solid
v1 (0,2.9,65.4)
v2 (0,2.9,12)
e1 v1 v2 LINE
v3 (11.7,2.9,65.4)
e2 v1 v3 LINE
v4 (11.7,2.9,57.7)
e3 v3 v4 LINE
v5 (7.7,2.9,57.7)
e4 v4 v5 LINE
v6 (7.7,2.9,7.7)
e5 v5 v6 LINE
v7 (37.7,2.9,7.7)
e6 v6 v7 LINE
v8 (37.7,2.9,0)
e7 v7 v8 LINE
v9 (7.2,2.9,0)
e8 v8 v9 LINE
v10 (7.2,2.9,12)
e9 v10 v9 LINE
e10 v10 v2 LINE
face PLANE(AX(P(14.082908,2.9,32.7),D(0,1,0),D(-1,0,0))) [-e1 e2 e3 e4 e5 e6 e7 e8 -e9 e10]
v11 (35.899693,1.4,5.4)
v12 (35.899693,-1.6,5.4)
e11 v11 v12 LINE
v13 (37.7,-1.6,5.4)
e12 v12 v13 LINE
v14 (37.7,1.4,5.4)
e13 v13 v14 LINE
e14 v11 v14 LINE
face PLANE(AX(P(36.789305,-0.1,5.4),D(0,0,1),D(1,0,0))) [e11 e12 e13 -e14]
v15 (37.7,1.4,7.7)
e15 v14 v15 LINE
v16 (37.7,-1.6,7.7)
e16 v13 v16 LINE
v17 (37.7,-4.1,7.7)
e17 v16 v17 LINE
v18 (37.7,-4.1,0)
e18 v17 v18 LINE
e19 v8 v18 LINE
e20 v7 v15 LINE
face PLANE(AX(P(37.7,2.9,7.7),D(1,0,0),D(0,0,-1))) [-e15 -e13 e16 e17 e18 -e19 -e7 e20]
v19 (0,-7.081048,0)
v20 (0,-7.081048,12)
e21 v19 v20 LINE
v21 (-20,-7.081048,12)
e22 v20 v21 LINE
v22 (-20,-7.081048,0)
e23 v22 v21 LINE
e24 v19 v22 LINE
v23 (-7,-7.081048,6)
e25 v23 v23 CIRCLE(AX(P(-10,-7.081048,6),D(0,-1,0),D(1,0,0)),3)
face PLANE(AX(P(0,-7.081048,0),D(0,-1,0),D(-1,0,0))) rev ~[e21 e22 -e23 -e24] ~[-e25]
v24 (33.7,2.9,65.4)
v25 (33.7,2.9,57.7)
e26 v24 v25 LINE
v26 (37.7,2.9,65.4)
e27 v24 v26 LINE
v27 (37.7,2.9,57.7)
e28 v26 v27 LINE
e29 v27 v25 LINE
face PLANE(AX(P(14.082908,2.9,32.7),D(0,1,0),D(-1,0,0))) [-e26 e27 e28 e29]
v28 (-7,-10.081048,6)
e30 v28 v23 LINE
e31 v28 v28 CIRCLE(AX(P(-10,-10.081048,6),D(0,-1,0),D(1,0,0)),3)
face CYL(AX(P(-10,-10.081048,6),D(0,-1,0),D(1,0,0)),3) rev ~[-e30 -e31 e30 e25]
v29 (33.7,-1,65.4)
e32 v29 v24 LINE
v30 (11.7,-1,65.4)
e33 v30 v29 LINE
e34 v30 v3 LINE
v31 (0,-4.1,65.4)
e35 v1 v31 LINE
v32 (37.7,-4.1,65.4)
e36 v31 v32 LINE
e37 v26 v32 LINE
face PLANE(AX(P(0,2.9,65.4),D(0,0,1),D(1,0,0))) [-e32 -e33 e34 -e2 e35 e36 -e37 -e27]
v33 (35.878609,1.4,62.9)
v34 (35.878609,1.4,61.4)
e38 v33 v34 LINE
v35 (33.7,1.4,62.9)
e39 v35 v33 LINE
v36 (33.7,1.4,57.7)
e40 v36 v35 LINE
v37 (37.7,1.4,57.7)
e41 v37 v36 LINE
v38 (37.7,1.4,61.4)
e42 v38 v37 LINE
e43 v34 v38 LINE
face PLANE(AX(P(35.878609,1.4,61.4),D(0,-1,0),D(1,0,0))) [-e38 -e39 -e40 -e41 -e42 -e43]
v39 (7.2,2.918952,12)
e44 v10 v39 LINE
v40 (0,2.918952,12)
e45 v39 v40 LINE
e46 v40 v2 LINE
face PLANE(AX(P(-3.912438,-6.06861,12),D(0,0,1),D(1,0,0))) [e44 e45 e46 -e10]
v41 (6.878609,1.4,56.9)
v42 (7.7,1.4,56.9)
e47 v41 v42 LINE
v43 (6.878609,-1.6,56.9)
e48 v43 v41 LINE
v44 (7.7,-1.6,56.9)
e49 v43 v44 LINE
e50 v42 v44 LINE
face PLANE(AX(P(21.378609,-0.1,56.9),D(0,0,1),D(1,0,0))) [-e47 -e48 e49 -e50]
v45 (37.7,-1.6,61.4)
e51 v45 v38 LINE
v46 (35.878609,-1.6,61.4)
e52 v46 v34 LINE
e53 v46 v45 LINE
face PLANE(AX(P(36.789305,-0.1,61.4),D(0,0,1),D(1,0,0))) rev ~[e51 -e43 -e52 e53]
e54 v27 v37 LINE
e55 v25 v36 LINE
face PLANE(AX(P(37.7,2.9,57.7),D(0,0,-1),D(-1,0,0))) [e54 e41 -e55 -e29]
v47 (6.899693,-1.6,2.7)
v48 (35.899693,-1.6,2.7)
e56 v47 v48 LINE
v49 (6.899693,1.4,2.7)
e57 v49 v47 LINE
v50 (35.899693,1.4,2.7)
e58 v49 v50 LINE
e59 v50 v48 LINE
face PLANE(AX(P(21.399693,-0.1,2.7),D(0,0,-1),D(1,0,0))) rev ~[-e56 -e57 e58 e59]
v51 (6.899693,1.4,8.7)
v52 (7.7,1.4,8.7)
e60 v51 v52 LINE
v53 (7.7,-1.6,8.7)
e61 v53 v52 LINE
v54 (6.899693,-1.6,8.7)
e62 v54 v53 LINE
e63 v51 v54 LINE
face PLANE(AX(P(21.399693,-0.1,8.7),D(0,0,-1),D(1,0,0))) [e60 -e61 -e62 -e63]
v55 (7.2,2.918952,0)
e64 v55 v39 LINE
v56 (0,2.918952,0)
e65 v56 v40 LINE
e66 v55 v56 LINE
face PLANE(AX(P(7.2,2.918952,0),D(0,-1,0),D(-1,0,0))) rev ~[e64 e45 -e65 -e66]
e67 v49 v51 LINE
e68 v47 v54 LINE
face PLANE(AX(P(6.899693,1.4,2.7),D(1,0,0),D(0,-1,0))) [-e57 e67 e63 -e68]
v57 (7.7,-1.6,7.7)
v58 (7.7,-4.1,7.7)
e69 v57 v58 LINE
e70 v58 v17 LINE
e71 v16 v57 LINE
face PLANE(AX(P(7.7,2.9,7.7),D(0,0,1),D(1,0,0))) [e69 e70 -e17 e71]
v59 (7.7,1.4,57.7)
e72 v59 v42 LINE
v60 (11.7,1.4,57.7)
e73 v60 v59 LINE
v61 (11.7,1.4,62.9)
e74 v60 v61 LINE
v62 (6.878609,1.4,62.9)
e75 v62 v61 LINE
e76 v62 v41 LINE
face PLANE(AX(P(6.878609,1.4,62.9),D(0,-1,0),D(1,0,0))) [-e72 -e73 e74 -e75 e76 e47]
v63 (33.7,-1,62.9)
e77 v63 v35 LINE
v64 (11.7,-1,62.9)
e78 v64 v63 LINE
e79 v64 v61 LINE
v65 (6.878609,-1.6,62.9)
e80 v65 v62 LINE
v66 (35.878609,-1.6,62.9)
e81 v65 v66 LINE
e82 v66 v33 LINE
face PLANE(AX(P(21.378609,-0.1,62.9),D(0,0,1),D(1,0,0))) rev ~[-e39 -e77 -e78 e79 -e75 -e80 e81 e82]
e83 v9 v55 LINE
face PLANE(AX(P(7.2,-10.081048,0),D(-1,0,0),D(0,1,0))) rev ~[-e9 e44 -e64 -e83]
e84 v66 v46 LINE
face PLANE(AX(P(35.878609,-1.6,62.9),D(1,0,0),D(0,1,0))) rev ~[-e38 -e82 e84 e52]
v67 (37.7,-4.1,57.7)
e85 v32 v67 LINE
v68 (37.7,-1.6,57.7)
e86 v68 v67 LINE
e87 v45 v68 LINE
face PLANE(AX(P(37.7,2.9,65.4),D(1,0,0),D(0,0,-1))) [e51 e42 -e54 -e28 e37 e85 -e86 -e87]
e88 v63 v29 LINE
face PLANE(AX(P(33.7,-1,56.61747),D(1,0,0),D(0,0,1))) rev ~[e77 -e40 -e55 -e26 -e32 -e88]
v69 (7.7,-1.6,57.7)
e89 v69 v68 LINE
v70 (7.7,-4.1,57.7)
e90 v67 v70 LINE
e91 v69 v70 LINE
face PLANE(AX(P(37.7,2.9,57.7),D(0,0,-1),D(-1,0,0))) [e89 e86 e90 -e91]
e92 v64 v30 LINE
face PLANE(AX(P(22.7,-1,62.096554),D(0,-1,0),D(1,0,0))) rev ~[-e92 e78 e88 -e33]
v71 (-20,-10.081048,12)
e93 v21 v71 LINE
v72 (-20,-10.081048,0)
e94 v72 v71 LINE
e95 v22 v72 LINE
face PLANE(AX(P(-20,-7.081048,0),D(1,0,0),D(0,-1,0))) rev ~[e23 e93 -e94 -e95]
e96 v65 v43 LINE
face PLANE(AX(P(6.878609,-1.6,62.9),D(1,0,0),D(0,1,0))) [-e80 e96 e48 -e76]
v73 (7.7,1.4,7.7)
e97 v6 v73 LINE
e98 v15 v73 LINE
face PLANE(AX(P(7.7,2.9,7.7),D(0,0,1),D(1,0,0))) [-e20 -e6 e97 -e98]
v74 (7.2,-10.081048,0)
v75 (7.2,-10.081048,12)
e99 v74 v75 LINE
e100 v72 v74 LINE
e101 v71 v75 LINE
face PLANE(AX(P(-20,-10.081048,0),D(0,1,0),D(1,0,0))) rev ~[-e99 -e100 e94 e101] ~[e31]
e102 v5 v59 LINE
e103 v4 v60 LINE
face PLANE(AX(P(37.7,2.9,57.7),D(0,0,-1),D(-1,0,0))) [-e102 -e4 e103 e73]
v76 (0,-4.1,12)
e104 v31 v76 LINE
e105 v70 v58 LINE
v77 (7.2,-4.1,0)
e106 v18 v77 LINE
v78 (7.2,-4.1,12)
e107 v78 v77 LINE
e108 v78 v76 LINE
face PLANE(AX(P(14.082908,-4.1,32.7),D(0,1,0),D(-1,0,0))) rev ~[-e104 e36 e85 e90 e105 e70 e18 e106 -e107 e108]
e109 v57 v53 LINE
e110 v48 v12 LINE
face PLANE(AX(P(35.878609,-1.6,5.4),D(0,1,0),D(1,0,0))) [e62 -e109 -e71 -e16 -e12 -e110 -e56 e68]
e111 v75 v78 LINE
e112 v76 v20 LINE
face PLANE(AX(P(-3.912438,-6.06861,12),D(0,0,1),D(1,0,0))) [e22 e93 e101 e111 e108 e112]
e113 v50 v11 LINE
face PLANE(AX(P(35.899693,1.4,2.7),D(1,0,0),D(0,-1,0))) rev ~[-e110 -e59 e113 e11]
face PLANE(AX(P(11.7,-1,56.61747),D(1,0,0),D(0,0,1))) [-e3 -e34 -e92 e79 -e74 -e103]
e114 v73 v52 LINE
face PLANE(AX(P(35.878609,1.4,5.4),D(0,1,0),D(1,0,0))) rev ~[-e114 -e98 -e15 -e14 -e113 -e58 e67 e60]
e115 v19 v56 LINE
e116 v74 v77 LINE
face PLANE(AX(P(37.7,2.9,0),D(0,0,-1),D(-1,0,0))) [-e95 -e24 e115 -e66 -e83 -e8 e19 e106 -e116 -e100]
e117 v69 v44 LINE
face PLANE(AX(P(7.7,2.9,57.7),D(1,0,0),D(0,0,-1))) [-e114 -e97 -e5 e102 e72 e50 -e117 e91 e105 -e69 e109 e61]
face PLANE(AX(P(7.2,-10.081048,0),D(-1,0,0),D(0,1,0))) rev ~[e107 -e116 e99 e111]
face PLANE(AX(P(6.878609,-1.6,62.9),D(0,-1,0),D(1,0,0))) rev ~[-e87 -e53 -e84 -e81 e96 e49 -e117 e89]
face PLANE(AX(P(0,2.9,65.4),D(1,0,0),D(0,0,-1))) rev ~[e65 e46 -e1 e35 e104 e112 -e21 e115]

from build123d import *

# Parameters (mm, degrees)
PAD_DEPTH       = 12
SKETCH001_R     = 3
HOLE_DEPTH      = 13.001
PAD001_DEPTH    = 7
SKETCH003_W     = 29
SKETCH003_H     = 3
POCKET_DEPTH    = 6
SKETCH004_W     = 29
SKETCH004_H     = 3
POCKET001_DEPTH = 6
SKETCH005_W     = 22
SKETCH005_H     = 10.958168
POCKET002_DEPTH = 6
SKETCH006_W     = 1.8213907522
SKETCH006_H     = 3
POCKET003_DEPTH = 5
SKETCH007_W     = 1.8213907522
SKETCH007_H     = 3
POCKET004_DEPTH = 5


with BuildPart() as part:
    # Sketch → Pad (new body)
    with BuildSketch(Plane.XY):
        Polygon((-20, -10.0810480488), (7.2, -10.0810480488), (7.2, 2.9189519512), (0, 2.9189519512), (0, -7.0810480488), (-20, -7.0810480488), align=None)
    extrude(amount=PAD_DEPTH)

    # Sketch001 (on Face1 of Pad) → Hole (cut, through all)
    with BuildSketch(Plane.XZ.offset(10.0810480488)):
        with Locations((-10, 6)):
            Circle(SKETCH001_R)
    extrude(amount=-HOLE_DEPTH, mode=Mode.SUBTRACT)

    # Sketch002 → Pad001 (join)
    with BuildSketch(Plane.XZ.offset(-2.9)):
        Polygon((37.7, 7.7), (37.7, 0), (0, 0), (0, 11.991246), (0, 65.4), (37.7, 65.4), (37.7, 57.7), (7.7, 57.7), (7.7, 7.7), align=None)
    extrude(amount=PAD001_DEPTH)

    # Sketch003 (on Face15 of Pad001) → Pocket (cut)
    with BuildSketch(Plane(origin=(0, 6, 2.7), x_dir=(1, 0, 0), z_dir=(0, 0, -1))):
        with Locations((21.3996930994, 6.1)):
            Rectangle(SKETCH003_W, SKETCH003_H)
    extrude(amount=-POCKET_DEPTH, mode=Mode.SUBTRACT)

    # Sketch004 (on Face17 of Pocket) → Pocket001 (cut)
    with BuildSketch(Plane(origin=(54, -65, 62.9), x_dir=(1, 0, 0), z_dir=(0, 0, 1))):
        with Locations((-32.6213907522, 64.9)):
            Rectangle(SKETCH004_W, SKETCH004_H)
    extrude(amount=-POCKET001_DEPTH, mode=Mode.SUBTRACT)

    # Sketch005 → Pocket002 (cut)
    with BuildSketch(Plane.XZ.offset(1)):
        with Locations((22.7, 62.096554)):
            Rectangle(SKETCH005_W, SKETCH005_H)
    extrude(amount=-POCKET002_DEPTH, mode=Mode.SUBTRACT)

    # Sketch006 → Pocket003 (cut)
    with BuildSketch(Plane.XY.offset(5.4)):
        with Locations((36.7893046239, -0.1)):
            Rectangle(SKETCH006_W, SKETCH006_H)
    extrude(amount=POCKET003_DEPTH, mode=Mode.SUBTRACT)

    # Sketch007 → Pocket004 (cut)
    with BuildSketch(Plane.XY.offset(61.4)):
        with Locations((36.7893046239, -0.1)):
            Rectangle(SKETCH007_W, SKETCH007_H)
    extrude(amount=-POCKET004_DEPTH, mode=Mode.SUBTRACT)


solid = part.part
